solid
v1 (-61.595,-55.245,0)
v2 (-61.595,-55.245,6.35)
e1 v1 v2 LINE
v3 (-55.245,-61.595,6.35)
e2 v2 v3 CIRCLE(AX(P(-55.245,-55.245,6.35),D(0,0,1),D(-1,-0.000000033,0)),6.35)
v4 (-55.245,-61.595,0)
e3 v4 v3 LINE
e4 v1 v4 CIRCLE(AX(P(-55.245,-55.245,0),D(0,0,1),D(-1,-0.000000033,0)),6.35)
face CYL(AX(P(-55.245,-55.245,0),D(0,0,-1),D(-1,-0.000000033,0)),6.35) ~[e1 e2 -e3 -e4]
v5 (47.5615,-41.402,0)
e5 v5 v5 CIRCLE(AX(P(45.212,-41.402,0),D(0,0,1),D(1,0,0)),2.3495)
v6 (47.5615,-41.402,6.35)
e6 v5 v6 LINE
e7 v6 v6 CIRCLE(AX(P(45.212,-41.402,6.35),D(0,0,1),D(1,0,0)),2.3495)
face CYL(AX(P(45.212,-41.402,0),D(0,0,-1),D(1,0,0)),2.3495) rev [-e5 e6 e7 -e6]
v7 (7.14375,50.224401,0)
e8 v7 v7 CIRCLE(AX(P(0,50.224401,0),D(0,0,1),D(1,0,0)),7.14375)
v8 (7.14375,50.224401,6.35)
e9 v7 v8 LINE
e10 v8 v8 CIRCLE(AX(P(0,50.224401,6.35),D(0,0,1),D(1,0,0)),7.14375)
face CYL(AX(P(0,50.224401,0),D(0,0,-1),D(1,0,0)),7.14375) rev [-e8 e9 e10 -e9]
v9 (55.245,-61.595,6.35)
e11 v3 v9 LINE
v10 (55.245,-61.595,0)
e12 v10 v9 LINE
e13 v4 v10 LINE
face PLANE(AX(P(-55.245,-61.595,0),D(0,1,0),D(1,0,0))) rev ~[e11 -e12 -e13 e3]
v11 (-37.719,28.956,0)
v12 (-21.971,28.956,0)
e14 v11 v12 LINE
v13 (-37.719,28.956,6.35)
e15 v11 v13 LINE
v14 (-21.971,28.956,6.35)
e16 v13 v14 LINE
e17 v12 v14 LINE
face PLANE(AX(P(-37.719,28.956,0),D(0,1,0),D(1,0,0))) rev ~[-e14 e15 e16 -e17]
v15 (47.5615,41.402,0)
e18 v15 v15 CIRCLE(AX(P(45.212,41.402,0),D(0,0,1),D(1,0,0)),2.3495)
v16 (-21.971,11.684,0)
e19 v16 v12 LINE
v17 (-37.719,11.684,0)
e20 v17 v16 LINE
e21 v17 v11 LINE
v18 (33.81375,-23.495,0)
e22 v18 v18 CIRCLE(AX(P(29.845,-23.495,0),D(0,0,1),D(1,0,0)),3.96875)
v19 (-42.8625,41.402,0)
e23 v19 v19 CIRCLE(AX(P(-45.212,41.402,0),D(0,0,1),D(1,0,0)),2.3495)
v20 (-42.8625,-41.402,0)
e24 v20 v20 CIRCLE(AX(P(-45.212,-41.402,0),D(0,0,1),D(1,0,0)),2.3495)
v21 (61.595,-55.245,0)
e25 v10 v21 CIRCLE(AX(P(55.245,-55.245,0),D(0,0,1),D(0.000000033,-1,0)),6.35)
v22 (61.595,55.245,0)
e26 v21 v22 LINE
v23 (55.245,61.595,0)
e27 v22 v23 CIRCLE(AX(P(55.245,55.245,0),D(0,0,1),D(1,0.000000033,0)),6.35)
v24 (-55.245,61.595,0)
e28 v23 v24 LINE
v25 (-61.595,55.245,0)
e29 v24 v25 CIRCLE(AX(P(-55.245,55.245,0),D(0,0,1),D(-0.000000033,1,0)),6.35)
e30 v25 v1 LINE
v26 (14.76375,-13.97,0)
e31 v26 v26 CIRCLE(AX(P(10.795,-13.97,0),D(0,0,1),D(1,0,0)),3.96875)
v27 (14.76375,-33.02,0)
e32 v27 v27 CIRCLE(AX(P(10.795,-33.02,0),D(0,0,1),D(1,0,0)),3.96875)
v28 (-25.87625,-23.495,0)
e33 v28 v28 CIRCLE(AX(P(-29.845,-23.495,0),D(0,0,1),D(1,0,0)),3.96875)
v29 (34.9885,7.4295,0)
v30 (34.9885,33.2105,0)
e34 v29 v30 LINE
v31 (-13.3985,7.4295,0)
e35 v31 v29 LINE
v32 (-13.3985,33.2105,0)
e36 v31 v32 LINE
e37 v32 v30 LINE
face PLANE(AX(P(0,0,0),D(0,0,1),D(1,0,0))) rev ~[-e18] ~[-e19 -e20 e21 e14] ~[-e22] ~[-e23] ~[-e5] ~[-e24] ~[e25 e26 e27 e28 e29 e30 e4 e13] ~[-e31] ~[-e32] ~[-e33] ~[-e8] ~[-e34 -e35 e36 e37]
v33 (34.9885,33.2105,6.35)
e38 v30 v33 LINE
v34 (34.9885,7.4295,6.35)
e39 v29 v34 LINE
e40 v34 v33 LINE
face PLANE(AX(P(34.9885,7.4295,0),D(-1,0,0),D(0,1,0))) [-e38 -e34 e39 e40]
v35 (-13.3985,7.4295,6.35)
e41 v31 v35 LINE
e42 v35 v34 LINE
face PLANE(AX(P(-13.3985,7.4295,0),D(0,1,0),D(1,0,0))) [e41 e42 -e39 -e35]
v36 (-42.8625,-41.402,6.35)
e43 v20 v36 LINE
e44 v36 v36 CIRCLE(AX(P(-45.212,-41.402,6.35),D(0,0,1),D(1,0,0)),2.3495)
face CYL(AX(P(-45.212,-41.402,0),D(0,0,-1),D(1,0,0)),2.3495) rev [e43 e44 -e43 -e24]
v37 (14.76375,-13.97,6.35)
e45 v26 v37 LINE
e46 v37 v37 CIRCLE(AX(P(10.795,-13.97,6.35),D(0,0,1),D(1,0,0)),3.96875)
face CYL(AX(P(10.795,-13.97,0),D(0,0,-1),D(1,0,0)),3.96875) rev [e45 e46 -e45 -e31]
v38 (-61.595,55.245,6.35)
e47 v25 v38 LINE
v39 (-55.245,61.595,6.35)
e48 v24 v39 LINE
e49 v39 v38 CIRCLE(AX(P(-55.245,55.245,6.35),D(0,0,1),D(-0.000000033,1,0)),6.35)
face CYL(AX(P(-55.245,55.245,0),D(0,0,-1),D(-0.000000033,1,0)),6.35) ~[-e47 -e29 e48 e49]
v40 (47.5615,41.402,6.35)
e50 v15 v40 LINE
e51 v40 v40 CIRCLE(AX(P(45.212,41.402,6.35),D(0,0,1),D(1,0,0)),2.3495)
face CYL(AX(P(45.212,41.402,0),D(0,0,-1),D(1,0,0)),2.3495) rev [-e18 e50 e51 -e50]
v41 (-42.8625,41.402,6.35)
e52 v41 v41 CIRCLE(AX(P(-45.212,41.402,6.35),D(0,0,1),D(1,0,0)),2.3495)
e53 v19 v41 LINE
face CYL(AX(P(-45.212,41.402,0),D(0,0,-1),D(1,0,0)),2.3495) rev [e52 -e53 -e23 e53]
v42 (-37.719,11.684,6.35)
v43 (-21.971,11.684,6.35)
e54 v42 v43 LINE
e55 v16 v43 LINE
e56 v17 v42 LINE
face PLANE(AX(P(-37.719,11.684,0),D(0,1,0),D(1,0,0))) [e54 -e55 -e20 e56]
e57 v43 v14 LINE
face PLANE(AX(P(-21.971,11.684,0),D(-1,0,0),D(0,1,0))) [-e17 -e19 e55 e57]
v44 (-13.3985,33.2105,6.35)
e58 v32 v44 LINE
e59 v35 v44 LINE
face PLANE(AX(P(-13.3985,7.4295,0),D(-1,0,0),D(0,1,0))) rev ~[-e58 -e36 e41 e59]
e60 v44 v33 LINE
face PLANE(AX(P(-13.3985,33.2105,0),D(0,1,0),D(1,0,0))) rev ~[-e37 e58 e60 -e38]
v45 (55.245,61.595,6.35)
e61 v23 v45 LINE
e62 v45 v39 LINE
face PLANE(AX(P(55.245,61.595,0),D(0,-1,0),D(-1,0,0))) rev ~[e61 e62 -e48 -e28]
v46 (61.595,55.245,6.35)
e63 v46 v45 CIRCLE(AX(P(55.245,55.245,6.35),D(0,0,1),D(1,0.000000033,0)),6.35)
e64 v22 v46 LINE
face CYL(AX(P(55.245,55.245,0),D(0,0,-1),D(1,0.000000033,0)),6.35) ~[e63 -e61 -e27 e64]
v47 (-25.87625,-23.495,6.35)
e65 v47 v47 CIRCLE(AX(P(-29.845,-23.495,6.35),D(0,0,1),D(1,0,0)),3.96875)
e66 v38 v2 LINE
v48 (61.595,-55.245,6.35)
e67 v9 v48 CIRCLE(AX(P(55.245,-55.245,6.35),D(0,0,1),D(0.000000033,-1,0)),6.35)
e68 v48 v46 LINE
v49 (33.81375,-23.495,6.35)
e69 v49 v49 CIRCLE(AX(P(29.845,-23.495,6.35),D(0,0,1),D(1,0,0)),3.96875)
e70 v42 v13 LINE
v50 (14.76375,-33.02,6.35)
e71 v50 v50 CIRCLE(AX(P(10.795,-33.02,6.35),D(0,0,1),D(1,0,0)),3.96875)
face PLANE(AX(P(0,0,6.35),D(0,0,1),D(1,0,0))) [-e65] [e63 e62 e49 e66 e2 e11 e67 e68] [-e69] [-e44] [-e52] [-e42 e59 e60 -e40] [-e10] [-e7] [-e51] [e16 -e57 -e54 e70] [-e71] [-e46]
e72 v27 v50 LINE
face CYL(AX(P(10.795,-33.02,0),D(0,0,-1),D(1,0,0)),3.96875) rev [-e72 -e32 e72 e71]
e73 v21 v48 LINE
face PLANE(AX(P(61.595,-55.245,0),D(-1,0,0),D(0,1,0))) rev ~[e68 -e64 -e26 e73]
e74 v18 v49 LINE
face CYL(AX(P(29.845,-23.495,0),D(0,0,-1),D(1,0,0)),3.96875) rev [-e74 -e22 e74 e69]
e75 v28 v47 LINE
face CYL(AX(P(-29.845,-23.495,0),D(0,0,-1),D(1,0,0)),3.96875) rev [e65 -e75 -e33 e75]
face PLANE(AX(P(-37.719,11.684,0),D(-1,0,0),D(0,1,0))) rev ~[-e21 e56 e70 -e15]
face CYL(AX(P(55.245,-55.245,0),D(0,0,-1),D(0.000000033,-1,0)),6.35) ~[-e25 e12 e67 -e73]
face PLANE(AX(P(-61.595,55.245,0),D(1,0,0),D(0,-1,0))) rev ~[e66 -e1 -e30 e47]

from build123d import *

# Parameters (mm, degrees)
F0_R     = 2.3495
F0_R_2   = 3.96875
F0_W     = 15.748
F0_H     = 17.272
F0_W_2   = 48.387
F0_H_2   = 25.781
F0_R_3   = 7.14375
F1_DEPTH = 6.35


with BuildPart() as f1:
    # F0 (on Top) → F1 (new body)
    with BuildSketch(Plane.XY):
        with BuildLine():
            ThreePointArc((61.595, 55.245), (59.735128, 59.735128), (55.245, 61.595))
            Line((55.245, 61.595), (-55.245, 61.595))
            ThreePointArc((-55.245, 61.595), (-59.735128, 59.735128), (-61.595, 55.245))
            Line((-61.595, 55.245), (-61.595, -55.245))
            ThreePointArc((-61.595, -55.245), (-59.735128, -59.735128), (-55.245, -61.595))
            Line((-55.245, -61.595), (55.245, -61.595))
            ThreePointArc((55.245, -61.595), (59.735128, -59.735128), (61.595, -55.245))
            Line((61.595, -55.245), (61.595, 55.245))
        make_face()
        with Locations((-45.212, -41.402)):
            Circle(F0_R, mode=Mode.SUBTRACT)
        with Locations((-29.845, -23.495)):
            Circle(F0_R_2, mode=Mode.SUBTRACT)
        with Locations((10.795, -33.02)):
            Circle(F0_R_2, mode=Mode.SUBTRACT)
        with Locations((45.212, -41.402)):
            Circle(F0_R, mode=Mode.SUBTRACT)
        with Locations((29.845, -23.495)):
            Circle(F0_R_2, mode=Mode.SUBTRACT)
        with Locations((10.795, -13.97)):
            Circle(F0_R_2, mode=Mode.SUBTRACT)
        with Locations((-29.845, 20.32)):
            Rectangle(F0_W, F0_H, mode=Mode.SUBTRACT)
        with Locations((-45.212, 41.402)):
            Circle(F0_R, mode=Mode.SUBTRACT)
        with Locations((10.795, 20.32)):
            Rectangle(F0_W_2, F0_H_2, mode=Mode.SUBTRACT)
        with Locations((0, 50.224401)):
            Circle(F0_R_3, mode=Mode.SUBTRACT)
        with Locations((45.212, 41.402)):
            Circle(F0_R, mode=Mode.SUBTRACT)
    extrude(amount=F1_DEPTH)


solid = f1.part
